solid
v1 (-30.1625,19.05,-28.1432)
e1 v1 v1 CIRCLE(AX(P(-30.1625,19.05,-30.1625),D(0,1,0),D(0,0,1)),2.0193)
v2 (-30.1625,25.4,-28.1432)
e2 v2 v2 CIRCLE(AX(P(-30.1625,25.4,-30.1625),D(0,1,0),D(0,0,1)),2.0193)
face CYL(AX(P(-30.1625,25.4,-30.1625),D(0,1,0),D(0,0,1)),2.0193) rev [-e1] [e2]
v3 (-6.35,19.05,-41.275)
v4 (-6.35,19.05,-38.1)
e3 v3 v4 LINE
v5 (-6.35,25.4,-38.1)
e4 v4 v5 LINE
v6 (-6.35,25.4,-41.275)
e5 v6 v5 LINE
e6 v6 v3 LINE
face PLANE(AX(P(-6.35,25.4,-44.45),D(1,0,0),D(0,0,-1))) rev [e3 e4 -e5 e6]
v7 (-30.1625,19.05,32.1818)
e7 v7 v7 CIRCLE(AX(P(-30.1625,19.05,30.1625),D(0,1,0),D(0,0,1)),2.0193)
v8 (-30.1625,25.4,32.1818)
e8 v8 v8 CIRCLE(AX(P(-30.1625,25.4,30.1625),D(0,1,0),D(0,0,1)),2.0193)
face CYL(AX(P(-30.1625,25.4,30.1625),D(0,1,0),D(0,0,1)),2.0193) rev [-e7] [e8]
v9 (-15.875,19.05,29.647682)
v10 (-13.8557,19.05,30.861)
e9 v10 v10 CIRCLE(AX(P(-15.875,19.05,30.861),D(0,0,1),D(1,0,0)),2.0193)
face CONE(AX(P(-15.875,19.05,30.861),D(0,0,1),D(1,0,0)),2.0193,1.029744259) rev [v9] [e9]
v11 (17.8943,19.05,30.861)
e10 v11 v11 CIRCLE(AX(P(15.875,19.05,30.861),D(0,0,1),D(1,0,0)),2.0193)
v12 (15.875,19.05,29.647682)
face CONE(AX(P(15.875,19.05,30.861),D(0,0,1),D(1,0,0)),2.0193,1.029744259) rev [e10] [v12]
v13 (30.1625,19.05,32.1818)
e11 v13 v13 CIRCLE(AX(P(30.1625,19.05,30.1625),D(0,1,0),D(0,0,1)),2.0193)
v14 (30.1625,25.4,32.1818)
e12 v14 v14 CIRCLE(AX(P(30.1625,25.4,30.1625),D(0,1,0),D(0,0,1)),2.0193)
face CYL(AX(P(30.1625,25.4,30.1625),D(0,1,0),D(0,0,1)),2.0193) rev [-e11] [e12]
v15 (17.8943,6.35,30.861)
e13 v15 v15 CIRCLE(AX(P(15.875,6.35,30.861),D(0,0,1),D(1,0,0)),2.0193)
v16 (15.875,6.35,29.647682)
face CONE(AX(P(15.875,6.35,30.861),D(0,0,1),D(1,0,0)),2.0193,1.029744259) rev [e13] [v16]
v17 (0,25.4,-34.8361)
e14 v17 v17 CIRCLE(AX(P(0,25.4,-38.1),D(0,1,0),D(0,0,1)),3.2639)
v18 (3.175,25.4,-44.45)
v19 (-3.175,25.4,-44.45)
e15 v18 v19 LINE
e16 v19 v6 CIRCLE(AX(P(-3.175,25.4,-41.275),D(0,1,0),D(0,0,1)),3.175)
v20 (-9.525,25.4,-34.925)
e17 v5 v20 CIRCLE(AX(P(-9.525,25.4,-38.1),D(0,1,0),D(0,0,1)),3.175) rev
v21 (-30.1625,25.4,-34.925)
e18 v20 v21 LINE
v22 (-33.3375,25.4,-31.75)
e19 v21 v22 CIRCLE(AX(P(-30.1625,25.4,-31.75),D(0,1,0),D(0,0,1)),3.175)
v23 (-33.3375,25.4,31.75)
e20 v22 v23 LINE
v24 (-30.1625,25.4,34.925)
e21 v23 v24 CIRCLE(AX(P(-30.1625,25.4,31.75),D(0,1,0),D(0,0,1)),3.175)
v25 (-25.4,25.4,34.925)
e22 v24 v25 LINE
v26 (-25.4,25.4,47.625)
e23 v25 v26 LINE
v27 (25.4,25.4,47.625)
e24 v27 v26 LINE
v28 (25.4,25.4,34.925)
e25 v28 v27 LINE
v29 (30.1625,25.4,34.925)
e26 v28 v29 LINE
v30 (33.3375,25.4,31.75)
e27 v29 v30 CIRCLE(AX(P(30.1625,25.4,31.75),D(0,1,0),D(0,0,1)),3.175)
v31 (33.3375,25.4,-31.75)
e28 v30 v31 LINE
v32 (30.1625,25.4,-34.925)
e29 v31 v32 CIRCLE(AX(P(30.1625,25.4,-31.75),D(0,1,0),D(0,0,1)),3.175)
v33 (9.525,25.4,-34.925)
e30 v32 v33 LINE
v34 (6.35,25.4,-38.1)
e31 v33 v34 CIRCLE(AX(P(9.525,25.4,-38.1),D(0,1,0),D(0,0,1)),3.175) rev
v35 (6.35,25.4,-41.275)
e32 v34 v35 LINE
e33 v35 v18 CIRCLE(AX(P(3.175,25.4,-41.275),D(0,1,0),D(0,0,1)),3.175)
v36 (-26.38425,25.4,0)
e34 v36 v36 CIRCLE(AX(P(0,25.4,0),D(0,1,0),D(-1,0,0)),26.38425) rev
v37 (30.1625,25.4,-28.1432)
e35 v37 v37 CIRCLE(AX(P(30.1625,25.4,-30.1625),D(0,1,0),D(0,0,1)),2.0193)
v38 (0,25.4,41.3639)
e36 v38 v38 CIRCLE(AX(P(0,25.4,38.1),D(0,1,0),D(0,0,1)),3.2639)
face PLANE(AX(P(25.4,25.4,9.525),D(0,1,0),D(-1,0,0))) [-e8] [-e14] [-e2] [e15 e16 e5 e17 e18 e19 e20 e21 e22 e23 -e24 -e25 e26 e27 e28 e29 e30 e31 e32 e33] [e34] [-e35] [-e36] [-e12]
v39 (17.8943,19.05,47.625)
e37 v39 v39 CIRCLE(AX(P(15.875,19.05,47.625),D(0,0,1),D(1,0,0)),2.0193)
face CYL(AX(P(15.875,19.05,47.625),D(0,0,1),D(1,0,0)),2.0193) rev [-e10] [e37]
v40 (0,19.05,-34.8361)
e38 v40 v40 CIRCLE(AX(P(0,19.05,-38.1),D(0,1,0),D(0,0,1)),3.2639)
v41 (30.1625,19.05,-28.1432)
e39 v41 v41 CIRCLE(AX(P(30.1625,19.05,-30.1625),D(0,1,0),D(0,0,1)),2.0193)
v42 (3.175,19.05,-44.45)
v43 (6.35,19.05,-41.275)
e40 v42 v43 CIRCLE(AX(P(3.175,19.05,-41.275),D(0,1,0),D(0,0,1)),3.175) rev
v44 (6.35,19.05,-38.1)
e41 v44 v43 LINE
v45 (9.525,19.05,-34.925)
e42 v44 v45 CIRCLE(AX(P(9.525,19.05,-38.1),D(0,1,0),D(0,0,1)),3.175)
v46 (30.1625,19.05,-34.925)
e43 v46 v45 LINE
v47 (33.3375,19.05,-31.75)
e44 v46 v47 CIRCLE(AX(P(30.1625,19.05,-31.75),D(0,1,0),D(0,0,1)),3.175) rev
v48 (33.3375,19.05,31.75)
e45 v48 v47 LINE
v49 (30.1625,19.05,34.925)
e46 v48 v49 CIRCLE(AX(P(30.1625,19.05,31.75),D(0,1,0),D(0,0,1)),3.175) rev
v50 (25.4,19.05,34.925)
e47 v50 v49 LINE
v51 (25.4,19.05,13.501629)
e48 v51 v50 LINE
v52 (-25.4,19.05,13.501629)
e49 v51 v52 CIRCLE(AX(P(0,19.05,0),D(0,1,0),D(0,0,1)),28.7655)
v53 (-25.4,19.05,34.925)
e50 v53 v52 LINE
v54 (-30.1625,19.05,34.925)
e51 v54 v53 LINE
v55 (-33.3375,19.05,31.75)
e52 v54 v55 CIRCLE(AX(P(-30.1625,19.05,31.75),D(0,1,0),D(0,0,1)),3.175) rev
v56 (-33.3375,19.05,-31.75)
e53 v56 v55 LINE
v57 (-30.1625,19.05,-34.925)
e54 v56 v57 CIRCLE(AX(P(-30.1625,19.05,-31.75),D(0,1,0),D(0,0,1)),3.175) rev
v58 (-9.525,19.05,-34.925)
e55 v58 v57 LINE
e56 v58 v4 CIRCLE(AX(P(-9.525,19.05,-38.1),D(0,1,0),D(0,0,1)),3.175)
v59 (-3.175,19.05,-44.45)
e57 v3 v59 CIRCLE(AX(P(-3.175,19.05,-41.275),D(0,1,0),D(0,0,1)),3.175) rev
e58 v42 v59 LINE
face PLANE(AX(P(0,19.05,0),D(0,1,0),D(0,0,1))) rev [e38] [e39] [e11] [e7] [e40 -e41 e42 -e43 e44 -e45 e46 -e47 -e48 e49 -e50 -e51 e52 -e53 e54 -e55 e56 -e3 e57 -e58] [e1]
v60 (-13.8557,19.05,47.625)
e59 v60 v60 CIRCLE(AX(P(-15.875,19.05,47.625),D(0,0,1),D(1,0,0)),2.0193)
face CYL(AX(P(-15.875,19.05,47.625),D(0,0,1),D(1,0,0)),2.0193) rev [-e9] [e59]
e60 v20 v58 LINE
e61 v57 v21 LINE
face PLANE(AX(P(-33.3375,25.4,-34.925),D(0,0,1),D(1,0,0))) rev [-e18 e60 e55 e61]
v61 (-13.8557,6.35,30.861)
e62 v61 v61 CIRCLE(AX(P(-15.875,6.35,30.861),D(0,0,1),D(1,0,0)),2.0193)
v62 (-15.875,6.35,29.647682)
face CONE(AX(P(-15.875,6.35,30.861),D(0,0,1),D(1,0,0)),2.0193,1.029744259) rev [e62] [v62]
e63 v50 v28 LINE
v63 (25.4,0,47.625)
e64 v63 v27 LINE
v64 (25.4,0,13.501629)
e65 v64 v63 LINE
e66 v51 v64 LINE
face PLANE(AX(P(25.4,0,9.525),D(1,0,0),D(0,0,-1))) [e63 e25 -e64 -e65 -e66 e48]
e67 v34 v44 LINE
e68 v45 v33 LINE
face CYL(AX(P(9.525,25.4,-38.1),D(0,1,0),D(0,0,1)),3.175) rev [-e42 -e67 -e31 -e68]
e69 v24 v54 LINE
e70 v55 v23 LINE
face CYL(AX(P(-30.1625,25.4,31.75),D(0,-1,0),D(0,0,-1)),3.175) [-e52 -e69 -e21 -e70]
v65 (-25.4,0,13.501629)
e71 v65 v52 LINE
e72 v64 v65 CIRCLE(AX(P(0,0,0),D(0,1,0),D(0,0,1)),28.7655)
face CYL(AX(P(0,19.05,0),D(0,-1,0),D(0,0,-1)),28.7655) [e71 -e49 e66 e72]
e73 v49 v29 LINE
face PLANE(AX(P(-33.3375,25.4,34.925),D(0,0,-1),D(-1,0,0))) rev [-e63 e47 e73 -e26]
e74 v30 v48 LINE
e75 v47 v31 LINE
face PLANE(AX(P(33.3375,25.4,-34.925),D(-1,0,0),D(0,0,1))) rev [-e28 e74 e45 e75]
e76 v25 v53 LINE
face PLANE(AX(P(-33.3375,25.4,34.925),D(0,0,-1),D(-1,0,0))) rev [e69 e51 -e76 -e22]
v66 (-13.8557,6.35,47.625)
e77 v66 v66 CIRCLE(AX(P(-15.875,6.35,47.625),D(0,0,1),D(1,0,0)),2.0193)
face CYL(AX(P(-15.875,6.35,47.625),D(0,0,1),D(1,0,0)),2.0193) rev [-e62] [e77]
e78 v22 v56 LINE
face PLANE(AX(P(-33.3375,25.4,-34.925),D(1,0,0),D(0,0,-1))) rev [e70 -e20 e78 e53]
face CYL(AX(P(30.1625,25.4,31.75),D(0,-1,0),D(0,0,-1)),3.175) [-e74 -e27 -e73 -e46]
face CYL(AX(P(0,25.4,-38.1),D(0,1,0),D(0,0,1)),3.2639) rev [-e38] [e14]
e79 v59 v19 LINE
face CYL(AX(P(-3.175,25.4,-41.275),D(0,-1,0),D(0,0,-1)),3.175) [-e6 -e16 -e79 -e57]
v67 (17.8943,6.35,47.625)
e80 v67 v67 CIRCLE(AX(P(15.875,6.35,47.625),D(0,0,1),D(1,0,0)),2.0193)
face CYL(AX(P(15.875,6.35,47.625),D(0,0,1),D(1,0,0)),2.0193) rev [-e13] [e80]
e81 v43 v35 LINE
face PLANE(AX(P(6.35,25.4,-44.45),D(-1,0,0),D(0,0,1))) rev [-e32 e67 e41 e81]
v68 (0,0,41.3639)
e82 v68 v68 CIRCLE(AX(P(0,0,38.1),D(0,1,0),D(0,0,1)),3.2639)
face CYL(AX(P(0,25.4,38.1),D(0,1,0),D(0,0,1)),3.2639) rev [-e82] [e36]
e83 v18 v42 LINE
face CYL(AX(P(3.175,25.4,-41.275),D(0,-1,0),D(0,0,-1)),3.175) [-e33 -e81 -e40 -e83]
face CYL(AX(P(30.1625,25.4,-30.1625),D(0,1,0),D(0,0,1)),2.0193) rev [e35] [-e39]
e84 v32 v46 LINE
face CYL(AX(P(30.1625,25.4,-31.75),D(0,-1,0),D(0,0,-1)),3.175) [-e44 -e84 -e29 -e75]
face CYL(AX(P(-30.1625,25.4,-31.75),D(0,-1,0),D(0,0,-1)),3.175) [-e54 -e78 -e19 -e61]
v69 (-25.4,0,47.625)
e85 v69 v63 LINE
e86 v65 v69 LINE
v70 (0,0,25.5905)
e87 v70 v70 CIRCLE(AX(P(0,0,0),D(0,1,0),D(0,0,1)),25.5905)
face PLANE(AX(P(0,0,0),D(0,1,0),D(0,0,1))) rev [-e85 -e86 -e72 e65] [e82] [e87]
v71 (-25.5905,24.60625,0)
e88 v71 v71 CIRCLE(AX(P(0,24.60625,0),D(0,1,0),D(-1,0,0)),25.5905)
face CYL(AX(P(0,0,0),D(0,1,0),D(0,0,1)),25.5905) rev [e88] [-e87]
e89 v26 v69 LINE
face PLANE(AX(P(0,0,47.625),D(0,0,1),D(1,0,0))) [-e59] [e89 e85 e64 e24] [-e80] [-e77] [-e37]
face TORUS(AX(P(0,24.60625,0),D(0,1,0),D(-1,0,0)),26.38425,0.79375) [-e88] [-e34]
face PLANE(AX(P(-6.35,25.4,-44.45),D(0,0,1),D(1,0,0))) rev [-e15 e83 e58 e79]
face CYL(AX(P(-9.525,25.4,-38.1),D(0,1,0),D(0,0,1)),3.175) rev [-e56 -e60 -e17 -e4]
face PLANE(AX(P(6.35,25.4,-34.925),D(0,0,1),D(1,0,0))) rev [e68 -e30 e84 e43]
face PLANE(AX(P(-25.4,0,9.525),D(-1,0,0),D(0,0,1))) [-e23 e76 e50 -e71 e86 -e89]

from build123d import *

# Parameters (mm, degrees)
SKETCH1_R                  = 28.7655
BOSS_EXTRUDE1_DEPTH        = 19.05
BOSS_EXTRUDE2_DEPTH        = 6.35
FILLET1_R                  = 3.175
SKETCH8_W                  = 50.8
SKETCH8_H                  = 25.4
BOSS_EXTRUDE4_DEPTH        = 38.1
SKETCH5_R                  = 25.5905
CUT_EXTRUDE1_DEPTH         = 26.4
FILLET2_R                  = 0.79375
F_10_32_TAPPED_HOLE1_D     = 4.0386
F_10_32_TAPPED_HOLE1_DEPTH = 6.35
F_0_257_DIAMETER_HOLE1_D   = 6.5278
F_10_32_TAPPED_HOLE2_D     = 4.0386
F_10_32_TAPPED_HOLE2_DEPTH = 16.764
F_10_32_TAPPED_HOLE2_TIP   = 1.213317848


with BuildPart() as part:
    # Sketch1 → Boss-Extrude1 (new body)
    with BuildSketch(Plane(origin=(0, 0, 0), x_dir=(1, 0, 0), z_dir=(0, 1, 0))):
        Circle(SKETCH1_R)
    extrude(amount=BOSS_EXTRUDE1_DEPTH)



with BuildPart() as body_2:
    # Sketch4 → Boss-Extrude2 (new body)
    with BuildSketch(Plane(origin=(0, 19.05, 0), x_dir=(1, 0, 0), z_dir=(0, 1, 0))):
        Polygon((-33.3375, 34.925), (-6.35, 34.925), (-6.35, 44.45), (6.35, 44.45), (6.35, 34.925), (33.3375, 34.925), (33.3375, -34.925), (-33.3375, -34.925), align=None)
    extrude(amount=BOSS_EXTRUDE2_DEPTH)

    # Fillet1
    fillet1_edges = [body_2.edges().sort_by_distance(p)[0] for p in [
        (33.3375, 22.225, 34.925),
        (-33.3375, 22.225, 34.925),
        (-33.3375, 22.225, -34.925),
        (-6.35, 22.225, -34.925),
        (-6.35, 22.225, -44.45),
        (6.35, 22.225, -44.45),
        (6.35, 22.225, -34.925),
        (33.3375, 22.225, -34.925),
    ]]
    fillet(fillet1_edges, radius=FILLET1_R)


with BuildPart() as part_1:
    add(part.part)

    add(body_2.part)  # Boss-Extrude4 merges body 2
    # Sketch8 → Boss-Extrude4 (add)
    with BuildSketch(Plane.XY.offset(47.625)):
        with Locations((0, 12.7)):
            Rectangle(SKETCH8_W, SKETCH8_H)
    extrude(amount=-BOSS_EXTRUDE4_DEPTH)

    # Sketch5 → Cut-Extrude1 (cut, through all)
    with BuildSketch(Plane(origin=(0, 25.4, 0), x_dir=(1, 0, 0), z_dir=(0, 1, 0))):
        Circle(SKETCH5_R)
    extrude(amount=-CUT_EXTRUDE1_DEPTH, mode=Mode.SUBTRACT)

    # Fillet2
    fillet2_edges = [part_1.edges().sort_by_distance(p)[0] for p in [
        (-25.5905, 25.4, 0),
    ]]
    fillet(fillet2_edges, radius=FILLET2_R)

    # #10-32 Tapped Hole1
    with Locations(Plane(origin=(0, 25.4, 0), x_dir=(1, 0, 0), z_dir=(0, 1, 0))):
        with Locations((-30.1625, 30.1625), (30.1625, 30.1625), (30.1625, -30.1625), (-30.1625, -30.1625)):
            Hole(F_10_32_TAPPED_HOLE1_D / 2, depth=F_10_32_TAPPED_HOLE1_DEPTH)

    # F (0.257) Diameter Hole1 (through all)
    with Locations(Plane(origin=(0, 25.4, 0), x_dir=(1, 0, 0), z_dir=(0, 1, 0))):
        with Locations((0, 38.1), (0, -38.1)):
            Hole(F_0_257_DIAMETER_HOLE1_D / 2)

    # #10-32 Tapped Hole2
    with Locations(Plane.XY.offset(47.625)):
        with Locations((-15.875, 19.05), (-15.875, 6.35), (15.875, 6.35), (15.875, 19.05)):
            Hole(F_10_32_TAPPED_HOLE2_D / 2, depth=F_10_32_TAPPED_HOLE2_DEPTH)
            with Locations((0, 0, -(F_10_32_TAPPED_HOLE2_DEPTH + F_10_32_TAPPED_HOLE2_TIP / 2))):  # 118° drill point
                Cone(0, F_10_32_TAPPED_HOLE2_D / 2, F_10_32_TAPPED_HOLE2_TIP, mode=Mode.SUBTRACT)


solid = part_1.part
